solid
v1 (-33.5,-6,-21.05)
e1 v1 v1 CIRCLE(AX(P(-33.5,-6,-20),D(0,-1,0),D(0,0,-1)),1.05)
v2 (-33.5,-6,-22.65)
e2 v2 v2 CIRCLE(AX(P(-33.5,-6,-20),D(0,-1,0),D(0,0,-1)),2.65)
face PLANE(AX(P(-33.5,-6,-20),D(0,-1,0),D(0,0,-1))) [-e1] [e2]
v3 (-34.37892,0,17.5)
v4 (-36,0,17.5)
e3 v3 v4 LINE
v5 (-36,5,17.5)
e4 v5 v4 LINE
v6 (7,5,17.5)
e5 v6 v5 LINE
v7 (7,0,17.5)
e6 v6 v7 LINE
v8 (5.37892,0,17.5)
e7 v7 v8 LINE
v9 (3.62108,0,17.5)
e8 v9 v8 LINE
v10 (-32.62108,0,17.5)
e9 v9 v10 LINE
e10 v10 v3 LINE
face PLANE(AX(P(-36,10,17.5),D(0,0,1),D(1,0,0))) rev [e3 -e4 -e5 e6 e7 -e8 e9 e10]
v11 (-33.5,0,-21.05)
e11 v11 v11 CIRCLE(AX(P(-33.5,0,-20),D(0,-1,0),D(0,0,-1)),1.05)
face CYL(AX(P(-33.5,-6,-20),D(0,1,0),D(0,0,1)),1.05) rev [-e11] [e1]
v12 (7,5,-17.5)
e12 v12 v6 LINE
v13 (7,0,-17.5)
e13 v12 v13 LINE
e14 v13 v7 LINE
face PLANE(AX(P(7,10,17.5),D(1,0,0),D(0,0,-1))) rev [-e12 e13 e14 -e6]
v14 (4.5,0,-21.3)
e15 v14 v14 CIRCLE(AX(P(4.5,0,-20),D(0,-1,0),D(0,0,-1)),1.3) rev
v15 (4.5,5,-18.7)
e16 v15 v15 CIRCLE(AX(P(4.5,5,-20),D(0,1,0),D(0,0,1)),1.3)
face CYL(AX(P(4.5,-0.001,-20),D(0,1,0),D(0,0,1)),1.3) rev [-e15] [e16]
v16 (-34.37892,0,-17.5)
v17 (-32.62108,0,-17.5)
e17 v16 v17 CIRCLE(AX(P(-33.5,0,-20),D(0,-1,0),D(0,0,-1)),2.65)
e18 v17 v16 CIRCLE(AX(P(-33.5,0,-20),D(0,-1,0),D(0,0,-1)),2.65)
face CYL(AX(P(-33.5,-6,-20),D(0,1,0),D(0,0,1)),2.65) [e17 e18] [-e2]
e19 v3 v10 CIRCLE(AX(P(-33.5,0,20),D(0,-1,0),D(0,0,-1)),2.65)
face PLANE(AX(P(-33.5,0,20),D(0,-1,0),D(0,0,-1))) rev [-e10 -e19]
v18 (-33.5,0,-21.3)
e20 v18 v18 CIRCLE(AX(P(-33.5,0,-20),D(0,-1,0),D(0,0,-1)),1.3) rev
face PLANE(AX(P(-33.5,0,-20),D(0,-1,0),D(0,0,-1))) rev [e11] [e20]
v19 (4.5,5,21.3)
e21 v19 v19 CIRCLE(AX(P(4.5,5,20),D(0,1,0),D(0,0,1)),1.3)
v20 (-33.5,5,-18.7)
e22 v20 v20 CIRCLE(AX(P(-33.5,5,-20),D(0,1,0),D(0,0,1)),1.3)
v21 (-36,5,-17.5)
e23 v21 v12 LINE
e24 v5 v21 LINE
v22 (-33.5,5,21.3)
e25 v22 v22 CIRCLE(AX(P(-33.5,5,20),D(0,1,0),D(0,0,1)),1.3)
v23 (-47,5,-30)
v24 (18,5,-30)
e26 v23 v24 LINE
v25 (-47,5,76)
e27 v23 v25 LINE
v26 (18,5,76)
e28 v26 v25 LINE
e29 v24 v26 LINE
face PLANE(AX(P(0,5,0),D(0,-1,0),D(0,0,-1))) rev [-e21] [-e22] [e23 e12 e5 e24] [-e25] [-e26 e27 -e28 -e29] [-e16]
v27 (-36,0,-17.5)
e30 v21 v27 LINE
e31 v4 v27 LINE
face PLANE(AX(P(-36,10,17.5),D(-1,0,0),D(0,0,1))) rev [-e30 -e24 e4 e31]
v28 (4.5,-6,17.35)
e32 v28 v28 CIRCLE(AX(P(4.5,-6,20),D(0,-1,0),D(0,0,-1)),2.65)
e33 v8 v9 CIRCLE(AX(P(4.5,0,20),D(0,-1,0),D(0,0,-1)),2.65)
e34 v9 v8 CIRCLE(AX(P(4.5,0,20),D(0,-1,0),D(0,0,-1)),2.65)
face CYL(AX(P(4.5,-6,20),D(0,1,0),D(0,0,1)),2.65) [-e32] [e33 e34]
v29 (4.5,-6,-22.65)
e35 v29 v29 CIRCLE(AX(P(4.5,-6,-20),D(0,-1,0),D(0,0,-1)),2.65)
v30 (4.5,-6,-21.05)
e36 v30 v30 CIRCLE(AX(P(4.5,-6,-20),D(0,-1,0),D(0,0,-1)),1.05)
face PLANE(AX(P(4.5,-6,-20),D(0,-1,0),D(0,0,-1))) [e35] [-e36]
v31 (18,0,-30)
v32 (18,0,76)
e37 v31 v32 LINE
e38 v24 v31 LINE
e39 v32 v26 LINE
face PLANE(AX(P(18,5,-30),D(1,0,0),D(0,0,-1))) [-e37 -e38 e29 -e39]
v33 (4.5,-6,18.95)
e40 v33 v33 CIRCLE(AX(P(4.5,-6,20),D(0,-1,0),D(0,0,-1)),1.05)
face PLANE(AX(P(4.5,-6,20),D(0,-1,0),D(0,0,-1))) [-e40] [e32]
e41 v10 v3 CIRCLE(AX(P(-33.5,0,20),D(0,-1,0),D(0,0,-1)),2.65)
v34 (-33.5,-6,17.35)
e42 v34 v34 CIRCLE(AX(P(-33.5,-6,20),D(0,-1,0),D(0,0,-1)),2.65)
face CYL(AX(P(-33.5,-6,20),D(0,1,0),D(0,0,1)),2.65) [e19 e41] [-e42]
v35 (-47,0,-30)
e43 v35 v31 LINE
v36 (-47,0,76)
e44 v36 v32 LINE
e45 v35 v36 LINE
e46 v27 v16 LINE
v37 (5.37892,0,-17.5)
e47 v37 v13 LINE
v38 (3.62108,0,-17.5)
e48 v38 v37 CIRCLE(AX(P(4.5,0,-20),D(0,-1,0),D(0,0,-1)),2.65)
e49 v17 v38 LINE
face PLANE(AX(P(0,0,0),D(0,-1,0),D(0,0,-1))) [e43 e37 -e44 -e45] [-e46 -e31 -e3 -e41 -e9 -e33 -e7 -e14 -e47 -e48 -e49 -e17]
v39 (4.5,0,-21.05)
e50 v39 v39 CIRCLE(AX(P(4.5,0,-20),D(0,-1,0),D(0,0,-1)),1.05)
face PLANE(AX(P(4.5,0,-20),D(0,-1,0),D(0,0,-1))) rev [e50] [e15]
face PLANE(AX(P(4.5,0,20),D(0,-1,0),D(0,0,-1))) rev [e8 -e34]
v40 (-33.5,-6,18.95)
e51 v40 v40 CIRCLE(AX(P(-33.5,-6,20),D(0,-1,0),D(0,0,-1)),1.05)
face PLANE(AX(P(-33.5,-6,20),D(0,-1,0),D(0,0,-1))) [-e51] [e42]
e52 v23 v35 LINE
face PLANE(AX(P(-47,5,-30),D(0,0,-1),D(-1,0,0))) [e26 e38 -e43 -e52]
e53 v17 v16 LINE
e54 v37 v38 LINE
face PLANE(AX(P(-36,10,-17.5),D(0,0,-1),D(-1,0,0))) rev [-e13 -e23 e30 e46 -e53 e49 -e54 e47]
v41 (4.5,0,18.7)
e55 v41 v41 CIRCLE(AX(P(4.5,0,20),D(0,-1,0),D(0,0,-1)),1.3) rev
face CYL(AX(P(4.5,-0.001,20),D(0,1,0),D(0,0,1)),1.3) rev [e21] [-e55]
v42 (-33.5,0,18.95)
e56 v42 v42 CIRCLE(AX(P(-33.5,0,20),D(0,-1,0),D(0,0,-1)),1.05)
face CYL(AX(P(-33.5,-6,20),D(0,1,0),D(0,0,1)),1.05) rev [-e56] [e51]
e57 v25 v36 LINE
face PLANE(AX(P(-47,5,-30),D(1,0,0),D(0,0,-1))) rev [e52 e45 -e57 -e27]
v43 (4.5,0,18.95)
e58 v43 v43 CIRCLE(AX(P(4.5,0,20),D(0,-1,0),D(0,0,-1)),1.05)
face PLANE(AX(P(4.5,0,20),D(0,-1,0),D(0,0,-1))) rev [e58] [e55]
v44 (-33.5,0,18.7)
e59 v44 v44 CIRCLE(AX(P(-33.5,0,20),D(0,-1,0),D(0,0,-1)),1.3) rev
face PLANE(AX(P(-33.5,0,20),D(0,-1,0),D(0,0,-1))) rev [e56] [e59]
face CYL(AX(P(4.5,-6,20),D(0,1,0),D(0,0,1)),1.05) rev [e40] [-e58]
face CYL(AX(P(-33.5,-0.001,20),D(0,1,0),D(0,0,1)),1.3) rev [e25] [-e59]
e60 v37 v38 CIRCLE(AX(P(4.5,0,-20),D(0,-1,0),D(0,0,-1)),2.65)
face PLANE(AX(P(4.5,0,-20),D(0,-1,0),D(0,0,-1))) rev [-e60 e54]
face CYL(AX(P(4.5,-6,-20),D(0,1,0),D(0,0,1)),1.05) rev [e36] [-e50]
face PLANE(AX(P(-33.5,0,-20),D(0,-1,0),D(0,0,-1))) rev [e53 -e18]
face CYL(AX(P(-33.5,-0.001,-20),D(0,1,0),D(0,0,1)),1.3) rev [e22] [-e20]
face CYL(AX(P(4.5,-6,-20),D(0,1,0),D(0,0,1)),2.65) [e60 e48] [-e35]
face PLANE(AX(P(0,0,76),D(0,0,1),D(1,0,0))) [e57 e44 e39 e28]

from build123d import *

# Parameters (mm, degrees)
SKETCH3_W           = 65
SKETCH3_H           = 60
BOSS_EXTRUDE3_DEPTH = 5
SKETCH5_W           = 43
SKETCH5_H           = 35
CUT_EXTRUDE2_DEPTH  = 10
CUT_EXTRUDE1_REACH  = 57.982
SKETCH4_R           = 1.3
SKETCH9_R           = 2.65
SKETCH9_R_2         = 1.05
BOSS_EXTRUDE5_DEPTH = 6
SKETCH11_W          = 65
SKETCH11_H          = 5
BOSS_EXTRUDE7_DEPTH = 46


with BuildPart() as part:
    # Sketch3 → Boss-Extrude3 (new body)
    with BuildSketch(Plane(origin=(0, 0, 0), x_dir=(1, 0, 0), z_dir=(0, 1, 0))):
        with Locations((-14.5, 0)):
            Rectangle(SKETCH3_W, SKETCH3_H)
    extrude(amount=BOSS_EXTRUDE3_DEPTH)

    # Sketch5 → Cut-Extrude2 (cut)
    with BuildSketch(Plane.XZ):
        with Locations((-14.5, 0)):
            Rectangle(SKETCH5_W, SKETCH5_H)
    extrude(amount=-CUT_EXTRUDE2_DEPTH, mode=Mode.SUBTRACT)

    # Sketch4 → Cut-Extrude1 (cut, up to next)
    with BuildSketch(Plane(origin=(0, 5, 0), x_dir=(1, 0, 0), z_dir=(0, 1, 0)), mode=Mode.PRIVATE) as cut_extrude1_sk1:
        with Locations(Location((-33.5, 20, 0), (0, 0, 270))):
            Circle(SKETCH4_R)
    cut_extrude1_tool1 = extrude(cut_extrude1_sk1.sketch, amount=-CUT_EXTRUDE1_REACH, mode=Mode.PRIVATE) & part.part
    # Sketch4 → Cut-Extrude1 (cut, up to next)
    with BuildSketch(Plane(origin=(0, 5, 0), x_dir=(1, 0, 0), z_dir=(0, 1, 0)), mode=Mode.PRIVATE) as cut_extrude1_sk2:
        with Locations(Location((4.5, 20, 0), (0, 0, 270))):
            Circle(SKETCH4_R)
    cut_extrude1_tool2 = extrude(cut_extrude1_sk2.sketch, amount=-CUT_EXTRUDE1_REACH, mode=Mode.PRIVATE) & part.part
    # Sketch4 → Cut-Extrude1 (cut, up to next)
    with BuildSketch(Plane(origin=(0, 5, 0), x_dir=(1, 0, 0), z_dir=(0, 1, 0)), mode=Mode.PRIVATE) as cut_extrude1_sk3:
        with Locations(Location((4.5, -20, 0), (0, 0, 270))):
            Circle(SKETCH4_R)
    cut_extrude1_tool3 = extrude(cut_extrude1_sk3.sketch, amount=-CUT_EXTRUDE1_REACH, mode=Mode.PRIVATE) & part.part
    # Sketch4 → Cut-Extrude1 (cut, up to next)
    with BuildSketch(Plane(origin=(0, 5, 0), x_dir=(1, 0, 0), z_dir=(0, 1, 0)), mode=Mode.PRIVATE) as cut_extrude1_sk4:
        with Locations(Location((-33.5, -20, 0), (0, 0, 270))):
            Circle(SKETCH4_R)
    cut_extrude1_tool4 = extrude(cut_extrude1_sk4.sketch, amount=-CUT_EXTRUDE1_REACH, mode=Mode.PRIVATE) & part.part
    add(cut_extrude1_tool1.solids().sort_by_distance((-33.5, 5, -20))[0], mode=Mode.SUBTRACT)
    add(cut_extrude1_tool2.solids().sort_by_distance((4.5, 5, -20))[0], mode=Mode.SUBTRACT)
    add(cut_extrude1_tool3.solids().sort_by_distance((4.5, 5, 20))[0], mode=Mode.SUBTRACT)
    add(cut_extrude1_tool4.solids().sort_by_distance((-33.5, 5, 20))[0], mode=Mode.SUBTRACT)

    # Sketch9 → Boss-Extrude5 (add)
    # profile 1 of 4: a face of its own
    with BuildSketch(Plane.XZ):
        with Locations(Location((-33.5, 20, 0), (0, 0, 250.629961754))):
            Circle(SKETCH9_R)
        with Locations(Location((-33.5, 20, 0), (0, 0, 270))):
            Circle(SKETCH9_R_2, mode=Mode.SUBTRACT)
    # profile 2 of 4: a face of its own
    with BuildSketch(Plane.XZ):
        with Locations(Location((-33.5, -20, 0), (0, 0, 109.370038246))):
            Circle(SKETCH9_R)
        with Locations(Location((-33.5, -20, 0), (0, 0, 270))):
            Circle(SKETCH9_R_2, mode=Mode.SUBTRACT)
    # profile 3 of 4: a face of its own
    with BuildSketch(Plane.XZ):
        with Locations(Location((4.5, 20, 0), (0, 0, 289.370038246))):
            Circle(SKETCH9_R)
        with Locations(Location((4.5, 20, 0), (0, 0, 270))):
            Circle(SKETCH9_R_2, mode=Mode.SUBTRACT)
    # profile 4 of 4: a face of its own
    with BuildSketch(Plane.XZ):
        with Locations(Location((4.5, -20, 0), (0, 0, 109.370038246))):
            Circle(SKETCH9_R)
        with Locations(Location((4.5, -20, 0), (0, 0, 270))):
            Circle(SKETCH9_R_2, mode=Mode.SUBTRACT)
    extrude(amount=BOSS_EXTRUDE5_DEPTH)

    # Sketch11 → Boss-Extrude7 (add)
    with BuildSketch(Plane.XY.offset(30)):
        with Locations((-14.5, 2.5)):
            Rectangle(SKETCH11_W, SKETCH11_H)
    extrude(amount=BOSS_EXTRUDE7_DEPTH)


solid = part.part
